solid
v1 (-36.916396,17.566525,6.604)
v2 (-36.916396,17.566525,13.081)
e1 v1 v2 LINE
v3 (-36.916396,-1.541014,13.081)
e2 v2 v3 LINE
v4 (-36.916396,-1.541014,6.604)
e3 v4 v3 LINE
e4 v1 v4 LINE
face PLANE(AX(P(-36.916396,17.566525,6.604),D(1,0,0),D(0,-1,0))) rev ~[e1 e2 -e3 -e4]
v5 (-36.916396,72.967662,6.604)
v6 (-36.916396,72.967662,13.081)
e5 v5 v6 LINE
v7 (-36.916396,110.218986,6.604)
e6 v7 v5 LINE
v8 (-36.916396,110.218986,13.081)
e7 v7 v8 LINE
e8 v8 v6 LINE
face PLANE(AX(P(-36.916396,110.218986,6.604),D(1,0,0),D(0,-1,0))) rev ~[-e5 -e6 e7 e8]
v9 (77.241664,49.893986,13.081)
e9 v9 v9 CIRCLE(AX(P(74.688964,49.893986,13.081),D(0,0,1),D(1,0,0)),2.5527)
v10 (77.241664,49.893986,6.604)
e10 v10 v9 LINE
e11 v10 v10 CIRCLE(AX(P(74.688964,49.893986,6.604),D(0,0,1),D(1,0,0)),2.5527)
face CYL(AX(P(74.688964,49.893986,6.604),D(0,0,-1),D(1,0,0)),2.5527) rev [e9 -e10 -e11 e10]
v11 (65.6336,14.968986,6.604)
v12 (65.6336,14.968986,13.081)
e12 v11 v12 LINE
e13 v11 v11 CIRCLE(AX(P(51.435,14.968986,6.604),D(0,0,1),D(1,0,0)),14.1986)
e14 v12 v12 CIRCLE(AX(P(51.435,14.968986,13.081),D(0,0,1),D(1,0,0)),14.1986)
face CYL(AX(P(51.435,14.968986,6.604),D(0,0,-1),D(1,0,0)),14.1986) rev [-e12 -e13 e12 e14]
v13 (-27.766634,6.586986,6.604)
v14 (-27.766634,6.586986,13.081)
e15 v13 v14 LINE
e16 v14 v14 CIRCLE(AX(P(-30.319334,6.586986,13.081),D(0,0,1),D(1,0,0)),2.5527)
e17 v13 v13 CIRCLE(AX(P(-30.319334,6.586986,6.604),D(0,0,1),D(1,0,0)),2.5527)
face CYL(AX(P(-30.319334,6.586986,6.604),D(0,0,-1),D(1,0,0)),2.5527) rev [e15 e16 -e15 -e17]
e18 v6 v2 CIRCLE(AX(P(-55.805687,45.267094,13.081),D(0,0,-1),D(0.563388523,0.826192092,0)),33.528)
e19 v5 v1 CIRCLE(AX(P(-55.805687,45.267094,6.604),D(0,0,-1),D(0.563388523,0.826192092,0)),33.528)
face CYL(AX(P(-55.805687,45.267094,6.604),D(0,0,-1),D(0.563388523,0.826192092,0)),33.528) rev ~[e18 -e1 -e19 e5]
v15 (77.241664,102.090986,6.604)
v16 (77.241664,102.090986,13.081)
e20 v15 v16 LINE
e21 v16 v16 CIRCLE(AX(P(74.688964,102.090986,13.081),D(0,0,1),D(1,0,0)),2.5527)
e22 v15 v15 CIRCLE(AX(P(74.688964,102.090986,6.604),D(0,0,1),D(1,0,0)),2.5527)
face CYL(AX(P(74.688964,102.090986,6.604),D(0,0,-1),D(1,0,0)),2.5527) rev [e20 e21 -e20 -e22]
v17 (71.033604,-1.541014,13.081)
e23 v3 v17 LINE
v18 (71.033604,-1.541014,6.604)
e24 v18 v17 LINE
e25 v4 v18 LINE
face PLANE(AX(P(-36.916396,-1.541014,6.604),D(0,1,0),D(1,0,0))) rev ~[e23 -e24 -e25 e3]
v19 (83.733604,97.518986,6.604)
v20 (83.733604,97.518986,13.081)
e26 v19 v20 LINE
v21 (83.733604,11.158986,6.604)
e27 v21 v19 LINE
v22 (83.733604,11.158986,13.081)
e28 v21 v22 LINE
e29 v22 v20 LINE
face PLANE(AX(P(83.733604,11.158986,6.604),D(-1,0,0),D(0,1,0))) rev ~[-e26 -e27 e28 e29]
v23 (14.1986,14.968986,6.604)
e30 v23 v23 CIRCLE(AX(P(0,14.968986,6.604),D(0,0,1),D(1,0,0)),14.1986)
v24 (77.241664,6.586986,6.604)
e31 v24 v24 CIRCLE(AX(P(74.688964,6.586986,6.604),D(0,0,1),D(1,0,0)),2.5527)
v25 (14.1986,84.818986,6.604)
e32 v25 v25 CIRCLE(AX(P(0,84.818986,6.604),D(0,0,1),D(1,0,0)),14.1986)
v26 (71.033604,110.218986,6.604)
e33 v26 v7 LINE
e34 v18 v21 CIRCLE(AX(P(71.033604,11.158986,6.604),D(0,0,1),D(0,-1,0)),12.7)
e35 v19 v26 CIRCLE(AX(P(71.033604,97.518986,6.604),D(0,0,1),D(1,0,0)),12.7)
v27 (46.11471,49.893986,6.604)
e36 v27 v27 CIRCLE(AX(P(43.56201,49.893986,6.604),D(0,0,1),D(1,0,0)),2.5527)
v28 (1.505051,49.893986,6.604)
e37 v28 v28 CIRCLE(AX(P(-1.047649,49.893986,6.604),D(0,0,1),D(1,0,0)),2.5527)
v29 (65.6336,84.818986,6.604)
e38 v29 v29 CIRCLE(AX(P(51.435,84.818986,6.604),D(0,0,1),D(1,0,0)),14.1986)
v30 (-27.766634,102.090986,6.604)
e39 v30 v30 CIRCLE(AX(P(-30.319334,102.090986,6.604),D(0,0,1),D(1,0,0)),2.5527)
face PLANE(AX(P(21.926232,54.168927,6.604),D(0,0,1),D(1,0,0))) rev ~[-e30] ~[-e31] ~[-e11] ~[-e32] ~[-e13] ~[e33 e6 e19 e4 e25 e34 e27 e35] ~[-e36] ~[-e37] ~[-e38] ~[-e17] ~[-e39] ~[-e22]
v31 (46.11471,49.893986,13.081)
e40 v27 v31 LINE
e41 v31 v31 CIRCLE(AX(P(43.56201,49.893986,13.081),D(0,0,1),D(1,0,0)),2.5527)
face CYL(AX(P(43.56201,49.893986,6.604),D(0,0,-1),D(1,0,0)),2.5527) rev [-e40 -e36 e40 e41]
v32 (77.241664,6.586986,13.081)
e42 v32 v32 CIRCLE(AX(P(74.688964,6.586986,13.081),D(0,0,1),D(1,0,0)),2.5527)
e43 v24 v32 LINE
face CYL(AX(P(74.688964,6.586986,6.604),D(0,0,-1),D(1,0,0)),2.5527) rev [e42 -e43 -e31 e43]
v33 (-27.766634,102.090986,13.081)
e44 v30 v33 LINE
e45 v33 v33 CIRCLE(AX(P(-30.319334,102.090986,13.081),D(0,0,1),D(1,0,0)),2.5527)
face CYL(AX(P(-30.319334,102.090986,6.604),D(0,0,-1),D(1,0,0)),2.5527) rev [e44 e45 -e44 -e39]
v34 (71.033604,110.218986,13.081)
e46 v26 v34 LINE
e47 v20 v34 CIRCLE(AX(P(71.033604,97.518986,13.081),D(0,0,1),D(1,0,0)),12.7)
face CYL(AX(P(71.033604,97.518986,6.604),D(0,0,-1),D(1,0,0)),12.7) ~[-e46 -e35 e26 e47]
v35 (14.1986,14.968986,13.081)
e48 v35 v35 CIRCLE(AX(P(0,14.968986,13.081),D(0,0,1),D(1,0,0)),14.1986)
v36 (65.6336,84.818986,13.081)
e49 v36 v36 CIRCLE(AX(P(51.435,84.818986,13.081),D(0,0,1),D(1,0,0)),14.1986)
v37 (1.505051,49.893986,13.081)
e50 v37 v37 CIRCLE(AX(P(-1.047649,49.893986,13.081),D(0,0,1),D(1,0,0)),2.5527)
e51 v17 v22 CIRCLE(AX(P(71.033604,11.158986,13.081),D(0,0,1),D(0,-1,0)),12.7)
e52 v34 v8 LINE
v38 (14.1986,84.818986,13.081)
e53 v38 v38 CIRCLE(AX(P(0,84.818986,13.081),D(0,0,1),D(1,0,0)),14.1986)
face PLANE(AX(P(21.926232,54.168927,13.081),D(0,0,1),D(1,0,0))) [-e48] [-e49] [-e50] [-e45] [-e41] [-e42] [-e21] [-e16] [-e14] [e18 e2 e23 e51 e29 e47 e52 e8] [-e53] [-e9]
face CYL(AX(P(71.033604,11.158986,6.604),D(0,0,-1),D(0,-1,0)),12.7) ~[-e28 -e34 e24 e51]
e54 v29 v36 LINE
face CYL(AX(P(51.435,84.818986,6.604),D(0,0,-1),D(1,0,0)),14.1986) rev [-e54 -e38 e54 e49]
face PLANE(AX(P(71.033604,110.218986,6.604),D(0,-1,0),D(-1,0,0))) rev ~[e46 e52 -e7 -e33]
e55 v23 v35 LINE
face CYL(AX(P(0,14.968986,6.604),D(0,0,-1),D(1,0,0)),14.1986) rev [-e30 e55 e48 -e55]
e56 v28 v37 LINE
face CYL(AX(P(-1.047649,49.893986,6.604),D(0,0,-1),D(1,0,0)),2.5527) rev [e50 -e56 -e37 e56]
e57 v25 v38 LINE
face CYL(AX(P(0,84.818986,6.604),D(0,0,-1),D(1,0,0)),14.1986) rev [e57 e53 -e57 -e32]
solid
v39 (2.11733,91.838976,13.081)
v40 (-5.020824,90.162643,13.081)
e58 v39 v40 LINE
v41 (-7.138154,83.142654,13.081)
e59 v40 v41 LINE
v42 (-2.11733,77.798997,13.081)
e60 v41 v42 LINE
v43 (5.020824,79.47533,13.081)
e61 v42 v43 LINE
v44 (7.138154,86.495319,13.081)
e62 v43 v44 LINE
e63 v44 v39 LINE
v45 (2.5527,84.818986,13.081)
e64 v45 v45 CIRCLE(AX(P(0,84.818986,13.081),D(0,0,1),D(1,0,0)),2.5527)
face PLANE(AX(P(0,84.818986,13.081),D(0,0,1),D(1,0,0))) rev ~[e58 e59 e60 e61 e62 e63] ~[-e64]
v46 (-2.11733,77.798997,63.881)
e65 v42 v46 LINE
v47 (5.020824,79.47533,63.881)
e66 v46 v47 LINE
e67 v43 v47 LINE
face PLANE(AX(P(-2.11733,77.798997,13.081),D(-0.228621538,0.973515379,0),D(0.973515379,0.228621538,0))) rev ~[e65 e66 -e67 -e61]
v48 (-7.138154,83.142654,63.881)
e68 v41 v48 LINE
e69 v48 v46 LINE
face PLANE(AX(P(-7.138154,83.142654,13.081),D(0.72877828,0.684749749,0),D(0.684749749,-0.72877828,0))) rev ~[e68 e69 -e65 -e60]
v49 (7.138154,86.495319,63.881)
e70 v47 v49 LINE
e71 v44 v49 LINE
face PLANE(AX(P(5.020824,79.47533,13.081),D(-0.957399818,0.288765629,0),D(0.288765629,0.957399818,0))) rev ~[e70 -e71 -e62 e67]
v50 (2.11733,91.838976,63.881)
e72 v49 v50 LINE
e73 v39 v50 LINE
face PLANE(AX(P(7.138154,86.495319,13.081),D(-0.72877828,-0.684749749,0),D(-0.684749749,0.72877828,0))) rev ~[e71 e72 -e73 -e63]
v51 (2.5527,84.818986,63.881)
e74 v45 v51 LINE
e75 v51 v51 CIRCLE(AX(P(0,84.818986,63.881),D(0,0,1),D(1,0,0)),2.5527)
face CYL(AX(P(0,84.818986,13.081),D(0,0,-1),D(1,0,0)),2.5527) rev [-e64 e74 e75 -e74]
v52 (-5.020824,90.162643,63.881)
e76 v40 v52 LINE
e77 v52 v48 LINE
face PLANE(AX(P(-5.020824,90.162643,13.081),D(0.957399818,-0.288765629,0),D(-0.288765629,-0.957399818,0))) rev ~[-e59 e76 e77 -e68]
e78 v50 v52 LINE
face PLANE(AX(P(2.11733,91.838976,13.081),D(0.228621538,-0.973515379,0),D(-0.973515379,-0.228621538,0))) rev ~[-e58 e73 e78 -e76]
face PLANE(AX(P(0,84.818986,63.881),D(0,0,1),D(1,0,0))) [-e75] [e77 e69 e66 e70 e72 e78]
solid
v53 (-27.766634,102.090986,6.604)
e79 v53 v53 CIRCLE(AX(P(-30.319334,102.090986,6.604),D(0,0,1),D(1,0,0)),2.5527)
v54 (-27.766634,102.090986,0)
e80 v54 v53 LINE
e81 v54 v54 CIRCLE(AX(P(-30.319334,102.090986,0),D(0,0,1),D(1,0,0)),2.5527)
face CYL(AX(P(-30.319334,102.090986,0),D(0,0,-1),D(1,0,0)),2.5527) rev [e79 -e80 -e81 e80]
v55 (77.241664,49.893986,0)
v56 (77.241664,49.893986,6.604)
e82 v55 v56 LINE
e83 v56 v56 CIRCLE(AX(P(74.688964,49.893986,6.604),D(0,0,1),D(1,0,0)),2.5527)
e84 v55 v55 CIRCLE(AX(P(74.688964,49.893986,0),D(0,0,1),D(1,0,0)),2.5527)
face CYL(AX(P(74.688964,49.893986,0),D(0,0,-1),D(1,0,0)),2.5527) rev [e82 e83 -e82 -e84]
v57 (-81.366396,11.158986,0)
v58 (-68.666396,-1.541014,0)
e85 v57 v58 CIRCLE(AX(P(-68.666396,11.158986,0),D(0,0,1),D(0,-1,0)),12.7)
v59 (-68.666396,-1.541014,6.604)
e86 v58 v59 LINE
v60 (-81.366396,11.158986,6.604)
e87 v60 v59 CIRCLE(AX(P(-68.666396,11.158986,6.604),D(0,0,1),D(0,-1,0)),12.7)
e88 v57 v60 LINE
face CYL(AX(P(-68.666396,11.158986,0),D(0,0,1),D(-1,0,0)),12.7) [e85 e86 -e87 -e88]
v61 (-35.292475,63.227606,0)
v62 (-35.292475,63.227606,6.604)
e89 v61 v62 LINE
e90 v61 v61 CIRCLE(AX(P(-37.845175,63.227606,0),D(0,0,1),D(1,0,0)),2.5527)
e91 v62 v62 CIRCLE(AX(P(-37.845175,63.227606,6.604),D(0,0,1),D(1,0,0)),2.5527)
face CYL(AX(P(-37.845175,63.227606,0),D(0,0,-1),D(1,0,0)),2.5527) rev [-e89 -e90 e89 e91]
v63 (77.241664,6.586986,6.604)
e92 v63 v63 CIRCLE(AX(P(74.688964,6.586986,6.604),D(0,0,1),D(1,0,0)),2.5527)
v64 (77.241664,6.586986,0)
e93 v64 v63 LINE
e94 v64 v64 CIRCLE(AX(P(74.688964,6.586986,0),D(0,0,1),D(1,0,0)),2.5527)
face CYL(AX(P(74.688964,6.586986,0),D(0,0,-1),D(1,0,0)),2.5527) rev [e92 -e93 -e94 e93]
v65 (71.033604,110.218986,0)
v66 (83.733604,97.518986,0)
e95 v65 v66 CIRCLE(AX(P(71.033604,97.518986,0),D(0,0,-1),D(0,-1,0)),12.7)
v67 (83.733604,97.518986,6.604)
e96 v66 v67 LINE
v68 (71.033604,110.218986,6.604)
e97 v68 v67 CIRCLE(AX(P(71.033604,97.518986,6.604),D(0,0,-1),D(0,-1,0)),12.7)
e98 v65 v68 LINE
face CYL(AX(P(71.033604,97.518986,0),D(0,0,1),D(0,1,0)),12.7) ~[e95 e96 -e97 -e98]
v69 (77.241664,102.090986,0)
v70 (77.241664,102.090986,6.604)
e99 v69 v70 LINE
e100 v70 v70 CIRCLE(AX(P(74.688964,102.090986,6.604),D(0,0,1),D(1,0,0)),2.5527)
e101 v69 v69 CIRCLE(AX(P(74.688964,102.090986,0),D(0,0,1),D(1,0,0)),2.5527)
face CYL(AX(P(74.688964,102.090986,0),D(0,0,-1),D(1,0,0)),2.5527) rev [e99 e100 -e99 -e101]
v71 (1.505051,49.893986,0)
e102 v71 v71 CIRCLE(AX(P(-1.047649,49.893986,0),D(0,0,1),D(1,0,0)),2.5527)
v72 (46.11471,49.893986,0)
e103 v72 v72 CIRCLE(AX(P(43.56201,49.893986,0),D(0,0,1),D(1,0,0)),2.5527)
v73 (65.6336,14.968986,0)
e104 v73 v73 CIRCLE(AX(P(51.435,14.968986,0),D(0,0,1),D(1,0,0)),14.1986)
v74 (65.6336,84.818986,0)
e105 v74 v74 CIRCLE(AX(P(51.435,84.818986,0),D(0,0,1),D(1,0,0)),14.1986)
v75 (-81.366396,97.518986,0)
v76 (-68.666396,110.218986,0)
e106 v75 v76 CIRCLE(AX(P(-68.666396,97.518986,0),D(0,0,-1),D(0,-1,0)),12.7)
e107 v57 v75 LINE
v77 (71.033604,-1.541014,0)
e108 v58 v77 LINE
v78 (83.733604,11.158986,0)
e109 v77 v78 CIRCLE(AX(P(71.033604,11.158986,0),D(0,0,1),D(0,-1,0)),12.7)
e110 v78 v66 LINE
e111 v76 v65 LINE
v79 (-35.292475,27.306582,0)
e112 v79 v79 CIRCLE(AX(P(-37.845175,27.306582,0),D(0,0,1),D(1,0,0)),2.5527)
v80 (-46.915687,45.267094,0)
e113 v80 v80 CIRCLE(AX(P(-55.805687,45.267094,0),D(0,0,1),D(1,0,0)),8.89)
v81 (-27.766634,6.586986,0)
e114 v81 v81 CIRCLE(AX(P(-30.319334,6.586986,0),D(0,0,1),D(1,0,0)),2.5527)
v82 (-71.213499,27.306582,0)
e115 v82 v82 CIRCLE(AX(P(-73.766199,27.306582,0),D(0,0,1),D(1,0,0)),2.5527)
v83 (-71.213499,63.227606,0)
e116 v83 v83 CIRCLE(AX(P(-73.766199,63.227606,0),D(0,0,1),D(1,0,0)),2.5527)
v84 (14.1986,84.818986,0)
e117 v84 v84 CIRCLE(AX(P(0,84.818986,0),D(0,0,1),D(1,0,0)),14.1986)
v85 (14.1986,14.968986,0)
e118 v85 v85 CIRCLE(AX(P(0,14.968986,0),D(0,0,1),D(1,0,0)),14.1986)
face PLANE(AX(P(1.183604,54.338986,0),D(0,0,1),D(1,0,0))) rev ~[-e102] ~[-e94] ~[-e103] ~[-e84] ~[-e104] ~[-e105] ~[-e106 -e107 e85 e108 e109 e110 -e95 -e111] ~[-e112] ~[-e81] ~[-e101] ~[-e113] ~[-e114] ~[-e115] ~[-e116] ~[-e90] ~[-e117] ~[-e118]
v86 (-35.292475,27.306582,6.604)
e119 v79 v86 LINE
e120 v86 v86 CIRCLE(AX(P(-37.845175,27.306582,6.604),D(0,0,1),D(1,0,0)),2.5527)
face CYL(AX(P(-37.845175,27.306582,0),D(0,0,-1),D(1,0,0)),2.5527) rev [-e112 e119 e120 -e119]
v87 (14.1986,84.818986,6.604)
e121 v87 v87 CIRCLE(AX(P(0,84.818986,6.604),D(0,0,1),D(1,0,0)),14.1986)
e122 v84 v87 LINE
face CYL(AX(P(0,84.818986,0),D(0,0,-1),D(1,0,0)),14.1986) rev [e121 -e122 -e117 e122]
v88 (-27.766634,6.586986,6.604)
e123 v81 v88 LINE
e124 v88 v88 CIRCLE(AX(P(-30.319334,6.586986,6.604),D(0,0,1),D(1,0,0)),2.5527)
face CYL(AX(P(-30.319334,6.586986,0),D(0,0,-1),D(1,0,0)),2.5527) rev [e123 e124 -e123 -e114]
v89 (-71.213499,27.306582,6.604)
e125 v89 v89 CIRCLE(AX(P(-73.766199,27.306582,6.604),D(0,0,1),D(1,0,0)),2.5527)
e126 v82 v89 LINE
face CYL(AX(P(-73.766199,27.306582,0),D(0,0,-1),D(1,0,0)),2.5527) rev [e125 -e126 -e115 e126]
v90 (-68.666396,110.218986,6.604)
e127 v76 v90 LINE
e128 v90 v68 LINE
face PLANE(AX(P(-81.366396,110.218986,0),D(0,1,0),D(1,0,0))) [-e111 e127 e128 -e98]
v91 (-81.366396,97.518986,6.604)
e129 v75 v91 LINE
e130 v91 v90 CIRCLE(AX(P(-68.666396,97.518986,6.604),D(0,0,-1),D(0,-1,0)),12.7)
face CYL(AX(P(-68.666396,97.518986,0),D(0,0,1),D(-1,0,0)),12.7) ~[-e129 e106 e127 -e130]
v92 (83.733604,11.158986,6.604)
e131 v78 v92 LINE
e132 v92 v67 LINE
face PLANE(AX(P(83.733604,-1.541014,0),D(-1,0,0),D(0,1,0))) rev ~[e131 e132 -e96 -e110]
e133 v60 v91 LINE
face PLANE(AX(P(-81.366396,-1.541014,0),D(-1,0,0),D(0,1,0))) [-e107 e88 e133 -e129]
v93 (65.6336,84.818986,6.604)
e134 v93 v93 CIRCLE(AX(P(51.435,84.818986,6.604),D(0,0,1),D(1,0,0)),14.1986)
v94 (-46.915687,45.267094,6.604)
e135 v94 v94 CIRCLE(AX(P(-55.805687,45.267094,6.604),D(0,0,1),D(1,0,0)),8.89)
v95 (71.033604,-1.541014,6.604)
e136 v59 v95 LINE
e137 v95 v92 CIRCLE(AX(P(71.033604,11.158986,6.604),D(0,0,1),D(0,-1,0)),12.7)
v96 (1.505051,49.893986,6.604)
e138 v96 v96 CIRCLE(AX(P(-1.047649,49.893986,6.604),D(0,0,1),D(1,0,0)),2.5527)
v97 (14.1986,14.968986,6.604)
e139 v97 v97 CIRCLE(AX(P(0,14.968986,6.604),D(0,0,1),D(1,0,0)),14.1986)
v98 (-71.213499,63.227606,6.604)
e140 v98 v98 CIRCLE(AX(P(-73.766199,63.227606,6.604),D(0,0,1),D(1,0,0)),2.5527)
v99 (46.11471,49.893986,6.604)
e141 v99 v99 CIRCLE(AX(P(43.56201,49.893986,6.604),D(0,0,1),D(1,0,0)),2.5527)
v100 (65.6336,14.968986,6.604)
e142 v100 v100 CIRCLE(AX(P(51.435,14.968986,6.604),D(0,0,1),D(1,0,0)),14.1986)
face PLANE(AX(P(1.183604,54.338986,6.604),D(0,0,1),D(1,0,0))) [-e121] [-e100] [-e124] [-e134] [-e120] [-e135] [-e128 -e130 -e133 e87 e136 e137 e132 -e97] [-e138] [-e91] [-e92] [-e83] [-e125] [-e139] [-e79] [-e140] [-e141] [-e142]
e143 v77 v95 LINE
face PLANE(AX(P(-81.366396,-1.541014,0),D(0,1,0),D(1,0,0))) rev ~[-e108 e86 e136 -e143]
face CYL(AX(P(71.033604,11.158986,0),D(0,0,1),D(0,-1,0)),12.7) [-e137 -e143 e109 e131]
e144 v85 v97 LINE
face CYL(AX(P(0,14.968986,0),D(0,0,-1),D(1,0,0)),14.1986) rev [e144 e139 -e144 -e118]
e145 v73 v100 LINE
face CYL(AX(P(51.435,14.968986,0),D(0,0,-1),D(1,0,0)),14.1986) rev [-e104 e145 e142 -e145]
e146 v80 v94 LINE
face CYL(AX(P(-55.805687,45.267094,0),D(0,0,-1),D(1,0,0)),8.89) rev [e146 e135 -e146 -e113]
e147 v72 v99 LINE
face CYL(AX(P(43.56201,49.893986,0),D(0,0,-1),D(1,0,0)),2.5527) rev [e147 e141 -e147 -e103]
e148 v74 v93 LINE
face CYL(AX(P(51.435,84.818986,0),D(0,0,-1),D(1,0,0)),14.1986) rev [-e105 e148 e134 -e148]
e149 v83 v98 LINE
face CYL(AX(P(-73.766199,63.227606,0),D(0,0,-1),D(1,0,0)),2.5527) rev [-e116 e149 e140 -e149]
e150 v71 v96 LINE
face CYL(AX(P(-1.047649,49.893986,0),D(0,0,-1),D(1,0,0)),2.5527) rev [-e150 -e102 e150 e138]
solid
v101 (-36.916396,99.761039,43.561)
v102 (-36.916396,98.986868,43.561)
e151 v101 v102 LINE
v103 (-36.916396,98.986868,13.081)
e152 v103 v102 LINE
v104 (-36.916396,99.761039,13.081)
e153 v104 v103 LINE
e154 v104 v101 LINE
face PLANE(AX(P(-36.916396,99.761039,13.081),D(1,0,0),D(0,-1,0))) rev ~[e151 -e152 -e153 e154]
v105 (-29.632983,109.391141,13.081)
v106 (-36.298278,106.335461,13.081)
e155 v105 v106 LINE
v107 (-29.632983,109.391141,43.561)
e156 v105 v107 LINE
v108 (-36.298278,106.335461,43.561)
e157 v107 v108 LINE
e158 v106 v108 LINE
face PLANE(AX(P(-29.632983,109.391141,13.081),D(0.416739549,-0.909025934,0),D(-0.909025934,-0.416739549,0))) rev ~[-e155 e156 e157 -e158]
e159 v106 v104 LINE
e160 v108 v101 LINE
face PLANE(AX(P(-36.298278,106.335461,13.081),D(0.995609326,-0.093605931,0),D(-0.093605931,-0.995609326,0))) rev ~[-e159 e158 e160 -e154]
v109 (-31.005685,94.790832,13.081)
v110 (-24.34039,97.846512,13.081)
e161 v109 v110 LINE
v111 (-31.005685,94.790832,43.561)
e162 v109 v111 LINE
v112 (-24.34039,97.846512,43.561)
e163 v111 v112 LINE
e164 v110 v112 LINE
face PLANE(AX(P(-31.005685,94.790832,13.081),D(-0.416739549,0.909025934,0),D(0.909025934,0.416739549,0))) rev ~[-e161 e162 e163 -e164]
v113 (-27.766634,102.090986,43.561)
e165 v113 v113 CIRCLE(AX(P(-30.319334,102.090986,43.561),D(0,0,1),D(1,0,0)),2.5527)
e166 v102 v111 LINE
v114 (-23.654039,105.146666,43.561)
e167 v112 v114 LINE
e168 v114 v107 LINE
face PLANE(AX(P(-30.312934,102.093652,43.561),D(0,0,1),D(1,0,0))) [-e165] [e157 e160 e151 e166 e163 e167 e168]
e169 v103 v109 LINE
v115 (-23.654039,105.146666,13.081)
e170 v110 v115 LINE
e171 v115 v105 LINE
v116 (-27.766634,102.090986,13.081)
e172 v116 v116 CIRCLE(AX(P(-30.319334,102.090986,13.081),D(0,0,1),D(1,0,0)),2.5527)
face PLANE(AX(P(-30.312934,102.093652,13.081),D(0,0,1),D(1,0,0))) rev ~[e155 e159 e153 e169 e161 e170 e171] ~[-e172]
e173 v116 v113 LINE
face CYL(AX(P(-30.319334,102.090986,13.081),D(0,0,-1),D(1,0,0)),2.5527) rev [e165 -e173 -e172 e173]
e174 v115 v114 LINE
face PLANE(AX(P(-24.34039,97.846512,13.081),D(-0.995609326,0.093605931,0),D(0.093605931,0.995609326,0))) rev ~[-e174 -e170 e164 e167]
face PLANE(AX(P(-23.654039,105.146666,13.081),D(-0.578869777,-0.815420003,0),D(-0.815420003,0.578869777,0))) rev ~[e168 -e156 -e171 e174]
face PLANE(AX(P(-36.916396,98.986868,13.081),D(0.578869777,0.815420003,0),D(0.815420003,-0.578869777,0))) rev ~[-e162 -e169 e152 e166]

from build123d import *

# Parameters (mm, degrees)
F0_W     = 165.1
F0_H     = 111.76
F0_R     = 2.5527
F0_R_2   = 14.1986
F0_R_3   = 8.89
F1_DEPTH = 6.604
F2_R     = 12.7
F3_R     = 2.5527
F3_R_2   = 14.1986
F4_DEPTH = 6.477
F5_R     = 2.5527
F6_DEPTH = 30.48
F7_R     = 2.5527
F8_DEPTH = 50.8


with BuildPart() as f1:
    # F0 (on Top) → F1 (new body)
    with BuildSketch(Plane.XY):
        with Locations((1.1836035371, 54.338986495)):
            Rectangle(F0_W, F0_H)
        with Locations((-30.3193340078, 6.586986495)):
            Circle(F0_R, mode=Mode.SUBTRACT)
        with Locations((0, 14.968986495)):
            Circle(F0_R_2, mode=Mode.SUBTRACT)
        with Locations((-73.7661991034, 27.3065816845)):
            Circle(F0_R, mode=Mode.SUBTRACT)
        with Locations((-55.8056868613, 45.2670939267)):
            Circle(F0_R_3, mode=Mode.SUBTRACT)
        with Locations((-37.8451746191, 27.3065816845)):
            Circle(F0_R, mode=Mode.SUBTRACT)
        with Locations((-1.0476486059, 49.893986495)):
            Circle(F0_R, mode=Mode.SUBTRACT)
        with Locations((74.6889635921, 6.586986495)):
            Circle(F0_R, mode=Mode.SUBTRACT)
        with Locations((51.435, 14.968986495)):
            Circle(F0_R_2, mode=Mode.SUBTRACT)
        with Locations((43.5620099306, 49.893986495)):
            Circle(F0_R, mode=Mode.SUBTRACT)
        with Locations((74.6889635921, 49.893986495)):
            Circle(F0_R, mode=Mode.SUBTRACT)
        with Locations((-73.7661991034, 63.2276061688)):
            Circle(F0_R, mode=Mode.SUBTRACT)
        with Locations((-37.8451746191, 63.2276061688)):
            Circle(F0_R, mode=Mode.SUBTRACT)
        with Locations((0, 84.818986495)):
            Circle(F0_R_2, mode=Mode.SUBTRACT)
        with Locations((-30.3193340078, 102.090986495)):
            Circle(F0_R, mode=Mode.SUBTRACT)
        with Locations((51.435, 84.818986495)):
            Circle(F0_R_2, mode=Mode.SUBTRACT)
        with Locations((74.6889635921, 102.090986495)):
            Circle(F0_R, mode=Mode.SUBTRACT)
    extrude(amount=F1_DEPTH)

    # F2
    f2_edges = [f1.edges().sort_by_distance(p)[0] for p in [
        (-81.366396, 110.218986, 3.302),
        (-81.366396, -1.541014, 3.302),
        (83.733604, -1.541014, 3.302),
        (83.733604, 110.218986, 3.302),
    ]]
    fillet(f2_edges, radius=F2_R)


with BuildPart() as f4:
    # F3 (on face) → F4 (new body)
    with BuildSketch(Plane.XY.offset(6.604)):
        with BuildLine():
            Line((71.0336035371, 110.218986495), (-36.9163964629, 110.218986495))
            Line((-36.9163964629, 110.218986495), (-36.9163964629, 72.9676623729))
            ThreePointArc((-36.9163964629, 72.9676623729), (-22.2776868613, 45.2670939267), (-36.9163964629, 17.5665254804))
            Line((-36.9163964629, 17.5665254804), (-36.9163964629, -1.541013505))
            Line((-36.9163964629, -1.541013505), (71.0336035371, -1.541013505))
            ThreePointArc((71.0336035371, -1.541013505), (80.0138596582, 2.1787303739), (83.7336035371, 11.158986495))
            Line((83.7336035371, 11.158986495), (83.7336035371, 97.518986495))
            ThreePointArc((83.7336035371, 97.518986495), (80.0138596582, 106.4992426161), (71.0336035371, 110.218986495))
        make_face()
        with Locations((-30.3193340078, 6.586986495)):
            Circle(F3_R, mode=Mode.SUBTRACT)
        with Locations((0, 14.968986495)):
            Circle(F3_R_2, mode=Mode.SUBTRACT)
        with Locations((-1.0476486059, 49.893986495)):
            Circle(F3_R, mode=Mode.SUBTRACT)
        with Locations((74.6889635921, 6.586986495)):
            Circle(F3_R, mode=Mode.SUBTRACT)
        with Locations((51.435, 14.968986495)):
            Circle(F3_R_2, mode=Mode.SUBTRACT)
        with Locations((43.5620099306, 49.893986495)):
            Circle(F3_R, mode=Mode.SUBTRACT)
        with Locations((74.6889635921, 49.893986495)):
            Circle(F3_R, mode=Mode.SUBTRACT)
        with Locations((0, 84.818986495)):
            Circle(F3_R_2, mode=Mode.SUBTRACT)
        with Locations((-30.3193340078, 102.090986495)):
            Circle(F3_R, mode=Mode.SUBTRACT)
        with Locations((51.435, 84.818986495)):
            Circle(F3_R_2, mode=Mode.SUBTRACT)
        with Locations((74.6889635921, 102.090986495)):
            Circle(F3_R, mode=Mode.SUBTRACT)
    extrude(amount=F4_DEPTH)


with BuildPart() as f6:
    # F5 (on face) → F6 (new body)
    with BuildSketch(Plane.XY.offset(13.081)):
        Polygon((-31.0056853073, 94.790832029), (-24.3403904385, 97.8465116007), (-23.654039139, 105.1466660667), (-29.6329827083, 109.391140961), (-36.2982775771, 106.3354613893), (-36.9163964629, 99.7610390083), (-36.9163964629, 98.986868472), align=None)
        with Locations((-30.3193340078, 102.090986495)):
            Circle(F5_R, mode=Mode.SUBTRACT)
    extrude(amount=F6_DEPTH)


with BuildPart() as f8:
    # F7 (on face) → F8 (new body)
    with BuildSketch(Plane.XY.offset(13.081)):
        Polygon((-2.1173302044, 77.7989974538), (5.0208237418, 79.4753302292), (7.1381539462, 86.4953192704), (2.1173302044, 91.8389755362), (-5.0208237418, 90.1626427608), (-7.1381539462, 83.1426537196), align=None)
        with Locations((0, 84.818986495)):
            Circle(F7_R, mode=Mode.SUBTRACT)
    extrude(amount=F8_DEPTH)


solid = Compound([f1.part, f4.part, f6.part, f8.part])
